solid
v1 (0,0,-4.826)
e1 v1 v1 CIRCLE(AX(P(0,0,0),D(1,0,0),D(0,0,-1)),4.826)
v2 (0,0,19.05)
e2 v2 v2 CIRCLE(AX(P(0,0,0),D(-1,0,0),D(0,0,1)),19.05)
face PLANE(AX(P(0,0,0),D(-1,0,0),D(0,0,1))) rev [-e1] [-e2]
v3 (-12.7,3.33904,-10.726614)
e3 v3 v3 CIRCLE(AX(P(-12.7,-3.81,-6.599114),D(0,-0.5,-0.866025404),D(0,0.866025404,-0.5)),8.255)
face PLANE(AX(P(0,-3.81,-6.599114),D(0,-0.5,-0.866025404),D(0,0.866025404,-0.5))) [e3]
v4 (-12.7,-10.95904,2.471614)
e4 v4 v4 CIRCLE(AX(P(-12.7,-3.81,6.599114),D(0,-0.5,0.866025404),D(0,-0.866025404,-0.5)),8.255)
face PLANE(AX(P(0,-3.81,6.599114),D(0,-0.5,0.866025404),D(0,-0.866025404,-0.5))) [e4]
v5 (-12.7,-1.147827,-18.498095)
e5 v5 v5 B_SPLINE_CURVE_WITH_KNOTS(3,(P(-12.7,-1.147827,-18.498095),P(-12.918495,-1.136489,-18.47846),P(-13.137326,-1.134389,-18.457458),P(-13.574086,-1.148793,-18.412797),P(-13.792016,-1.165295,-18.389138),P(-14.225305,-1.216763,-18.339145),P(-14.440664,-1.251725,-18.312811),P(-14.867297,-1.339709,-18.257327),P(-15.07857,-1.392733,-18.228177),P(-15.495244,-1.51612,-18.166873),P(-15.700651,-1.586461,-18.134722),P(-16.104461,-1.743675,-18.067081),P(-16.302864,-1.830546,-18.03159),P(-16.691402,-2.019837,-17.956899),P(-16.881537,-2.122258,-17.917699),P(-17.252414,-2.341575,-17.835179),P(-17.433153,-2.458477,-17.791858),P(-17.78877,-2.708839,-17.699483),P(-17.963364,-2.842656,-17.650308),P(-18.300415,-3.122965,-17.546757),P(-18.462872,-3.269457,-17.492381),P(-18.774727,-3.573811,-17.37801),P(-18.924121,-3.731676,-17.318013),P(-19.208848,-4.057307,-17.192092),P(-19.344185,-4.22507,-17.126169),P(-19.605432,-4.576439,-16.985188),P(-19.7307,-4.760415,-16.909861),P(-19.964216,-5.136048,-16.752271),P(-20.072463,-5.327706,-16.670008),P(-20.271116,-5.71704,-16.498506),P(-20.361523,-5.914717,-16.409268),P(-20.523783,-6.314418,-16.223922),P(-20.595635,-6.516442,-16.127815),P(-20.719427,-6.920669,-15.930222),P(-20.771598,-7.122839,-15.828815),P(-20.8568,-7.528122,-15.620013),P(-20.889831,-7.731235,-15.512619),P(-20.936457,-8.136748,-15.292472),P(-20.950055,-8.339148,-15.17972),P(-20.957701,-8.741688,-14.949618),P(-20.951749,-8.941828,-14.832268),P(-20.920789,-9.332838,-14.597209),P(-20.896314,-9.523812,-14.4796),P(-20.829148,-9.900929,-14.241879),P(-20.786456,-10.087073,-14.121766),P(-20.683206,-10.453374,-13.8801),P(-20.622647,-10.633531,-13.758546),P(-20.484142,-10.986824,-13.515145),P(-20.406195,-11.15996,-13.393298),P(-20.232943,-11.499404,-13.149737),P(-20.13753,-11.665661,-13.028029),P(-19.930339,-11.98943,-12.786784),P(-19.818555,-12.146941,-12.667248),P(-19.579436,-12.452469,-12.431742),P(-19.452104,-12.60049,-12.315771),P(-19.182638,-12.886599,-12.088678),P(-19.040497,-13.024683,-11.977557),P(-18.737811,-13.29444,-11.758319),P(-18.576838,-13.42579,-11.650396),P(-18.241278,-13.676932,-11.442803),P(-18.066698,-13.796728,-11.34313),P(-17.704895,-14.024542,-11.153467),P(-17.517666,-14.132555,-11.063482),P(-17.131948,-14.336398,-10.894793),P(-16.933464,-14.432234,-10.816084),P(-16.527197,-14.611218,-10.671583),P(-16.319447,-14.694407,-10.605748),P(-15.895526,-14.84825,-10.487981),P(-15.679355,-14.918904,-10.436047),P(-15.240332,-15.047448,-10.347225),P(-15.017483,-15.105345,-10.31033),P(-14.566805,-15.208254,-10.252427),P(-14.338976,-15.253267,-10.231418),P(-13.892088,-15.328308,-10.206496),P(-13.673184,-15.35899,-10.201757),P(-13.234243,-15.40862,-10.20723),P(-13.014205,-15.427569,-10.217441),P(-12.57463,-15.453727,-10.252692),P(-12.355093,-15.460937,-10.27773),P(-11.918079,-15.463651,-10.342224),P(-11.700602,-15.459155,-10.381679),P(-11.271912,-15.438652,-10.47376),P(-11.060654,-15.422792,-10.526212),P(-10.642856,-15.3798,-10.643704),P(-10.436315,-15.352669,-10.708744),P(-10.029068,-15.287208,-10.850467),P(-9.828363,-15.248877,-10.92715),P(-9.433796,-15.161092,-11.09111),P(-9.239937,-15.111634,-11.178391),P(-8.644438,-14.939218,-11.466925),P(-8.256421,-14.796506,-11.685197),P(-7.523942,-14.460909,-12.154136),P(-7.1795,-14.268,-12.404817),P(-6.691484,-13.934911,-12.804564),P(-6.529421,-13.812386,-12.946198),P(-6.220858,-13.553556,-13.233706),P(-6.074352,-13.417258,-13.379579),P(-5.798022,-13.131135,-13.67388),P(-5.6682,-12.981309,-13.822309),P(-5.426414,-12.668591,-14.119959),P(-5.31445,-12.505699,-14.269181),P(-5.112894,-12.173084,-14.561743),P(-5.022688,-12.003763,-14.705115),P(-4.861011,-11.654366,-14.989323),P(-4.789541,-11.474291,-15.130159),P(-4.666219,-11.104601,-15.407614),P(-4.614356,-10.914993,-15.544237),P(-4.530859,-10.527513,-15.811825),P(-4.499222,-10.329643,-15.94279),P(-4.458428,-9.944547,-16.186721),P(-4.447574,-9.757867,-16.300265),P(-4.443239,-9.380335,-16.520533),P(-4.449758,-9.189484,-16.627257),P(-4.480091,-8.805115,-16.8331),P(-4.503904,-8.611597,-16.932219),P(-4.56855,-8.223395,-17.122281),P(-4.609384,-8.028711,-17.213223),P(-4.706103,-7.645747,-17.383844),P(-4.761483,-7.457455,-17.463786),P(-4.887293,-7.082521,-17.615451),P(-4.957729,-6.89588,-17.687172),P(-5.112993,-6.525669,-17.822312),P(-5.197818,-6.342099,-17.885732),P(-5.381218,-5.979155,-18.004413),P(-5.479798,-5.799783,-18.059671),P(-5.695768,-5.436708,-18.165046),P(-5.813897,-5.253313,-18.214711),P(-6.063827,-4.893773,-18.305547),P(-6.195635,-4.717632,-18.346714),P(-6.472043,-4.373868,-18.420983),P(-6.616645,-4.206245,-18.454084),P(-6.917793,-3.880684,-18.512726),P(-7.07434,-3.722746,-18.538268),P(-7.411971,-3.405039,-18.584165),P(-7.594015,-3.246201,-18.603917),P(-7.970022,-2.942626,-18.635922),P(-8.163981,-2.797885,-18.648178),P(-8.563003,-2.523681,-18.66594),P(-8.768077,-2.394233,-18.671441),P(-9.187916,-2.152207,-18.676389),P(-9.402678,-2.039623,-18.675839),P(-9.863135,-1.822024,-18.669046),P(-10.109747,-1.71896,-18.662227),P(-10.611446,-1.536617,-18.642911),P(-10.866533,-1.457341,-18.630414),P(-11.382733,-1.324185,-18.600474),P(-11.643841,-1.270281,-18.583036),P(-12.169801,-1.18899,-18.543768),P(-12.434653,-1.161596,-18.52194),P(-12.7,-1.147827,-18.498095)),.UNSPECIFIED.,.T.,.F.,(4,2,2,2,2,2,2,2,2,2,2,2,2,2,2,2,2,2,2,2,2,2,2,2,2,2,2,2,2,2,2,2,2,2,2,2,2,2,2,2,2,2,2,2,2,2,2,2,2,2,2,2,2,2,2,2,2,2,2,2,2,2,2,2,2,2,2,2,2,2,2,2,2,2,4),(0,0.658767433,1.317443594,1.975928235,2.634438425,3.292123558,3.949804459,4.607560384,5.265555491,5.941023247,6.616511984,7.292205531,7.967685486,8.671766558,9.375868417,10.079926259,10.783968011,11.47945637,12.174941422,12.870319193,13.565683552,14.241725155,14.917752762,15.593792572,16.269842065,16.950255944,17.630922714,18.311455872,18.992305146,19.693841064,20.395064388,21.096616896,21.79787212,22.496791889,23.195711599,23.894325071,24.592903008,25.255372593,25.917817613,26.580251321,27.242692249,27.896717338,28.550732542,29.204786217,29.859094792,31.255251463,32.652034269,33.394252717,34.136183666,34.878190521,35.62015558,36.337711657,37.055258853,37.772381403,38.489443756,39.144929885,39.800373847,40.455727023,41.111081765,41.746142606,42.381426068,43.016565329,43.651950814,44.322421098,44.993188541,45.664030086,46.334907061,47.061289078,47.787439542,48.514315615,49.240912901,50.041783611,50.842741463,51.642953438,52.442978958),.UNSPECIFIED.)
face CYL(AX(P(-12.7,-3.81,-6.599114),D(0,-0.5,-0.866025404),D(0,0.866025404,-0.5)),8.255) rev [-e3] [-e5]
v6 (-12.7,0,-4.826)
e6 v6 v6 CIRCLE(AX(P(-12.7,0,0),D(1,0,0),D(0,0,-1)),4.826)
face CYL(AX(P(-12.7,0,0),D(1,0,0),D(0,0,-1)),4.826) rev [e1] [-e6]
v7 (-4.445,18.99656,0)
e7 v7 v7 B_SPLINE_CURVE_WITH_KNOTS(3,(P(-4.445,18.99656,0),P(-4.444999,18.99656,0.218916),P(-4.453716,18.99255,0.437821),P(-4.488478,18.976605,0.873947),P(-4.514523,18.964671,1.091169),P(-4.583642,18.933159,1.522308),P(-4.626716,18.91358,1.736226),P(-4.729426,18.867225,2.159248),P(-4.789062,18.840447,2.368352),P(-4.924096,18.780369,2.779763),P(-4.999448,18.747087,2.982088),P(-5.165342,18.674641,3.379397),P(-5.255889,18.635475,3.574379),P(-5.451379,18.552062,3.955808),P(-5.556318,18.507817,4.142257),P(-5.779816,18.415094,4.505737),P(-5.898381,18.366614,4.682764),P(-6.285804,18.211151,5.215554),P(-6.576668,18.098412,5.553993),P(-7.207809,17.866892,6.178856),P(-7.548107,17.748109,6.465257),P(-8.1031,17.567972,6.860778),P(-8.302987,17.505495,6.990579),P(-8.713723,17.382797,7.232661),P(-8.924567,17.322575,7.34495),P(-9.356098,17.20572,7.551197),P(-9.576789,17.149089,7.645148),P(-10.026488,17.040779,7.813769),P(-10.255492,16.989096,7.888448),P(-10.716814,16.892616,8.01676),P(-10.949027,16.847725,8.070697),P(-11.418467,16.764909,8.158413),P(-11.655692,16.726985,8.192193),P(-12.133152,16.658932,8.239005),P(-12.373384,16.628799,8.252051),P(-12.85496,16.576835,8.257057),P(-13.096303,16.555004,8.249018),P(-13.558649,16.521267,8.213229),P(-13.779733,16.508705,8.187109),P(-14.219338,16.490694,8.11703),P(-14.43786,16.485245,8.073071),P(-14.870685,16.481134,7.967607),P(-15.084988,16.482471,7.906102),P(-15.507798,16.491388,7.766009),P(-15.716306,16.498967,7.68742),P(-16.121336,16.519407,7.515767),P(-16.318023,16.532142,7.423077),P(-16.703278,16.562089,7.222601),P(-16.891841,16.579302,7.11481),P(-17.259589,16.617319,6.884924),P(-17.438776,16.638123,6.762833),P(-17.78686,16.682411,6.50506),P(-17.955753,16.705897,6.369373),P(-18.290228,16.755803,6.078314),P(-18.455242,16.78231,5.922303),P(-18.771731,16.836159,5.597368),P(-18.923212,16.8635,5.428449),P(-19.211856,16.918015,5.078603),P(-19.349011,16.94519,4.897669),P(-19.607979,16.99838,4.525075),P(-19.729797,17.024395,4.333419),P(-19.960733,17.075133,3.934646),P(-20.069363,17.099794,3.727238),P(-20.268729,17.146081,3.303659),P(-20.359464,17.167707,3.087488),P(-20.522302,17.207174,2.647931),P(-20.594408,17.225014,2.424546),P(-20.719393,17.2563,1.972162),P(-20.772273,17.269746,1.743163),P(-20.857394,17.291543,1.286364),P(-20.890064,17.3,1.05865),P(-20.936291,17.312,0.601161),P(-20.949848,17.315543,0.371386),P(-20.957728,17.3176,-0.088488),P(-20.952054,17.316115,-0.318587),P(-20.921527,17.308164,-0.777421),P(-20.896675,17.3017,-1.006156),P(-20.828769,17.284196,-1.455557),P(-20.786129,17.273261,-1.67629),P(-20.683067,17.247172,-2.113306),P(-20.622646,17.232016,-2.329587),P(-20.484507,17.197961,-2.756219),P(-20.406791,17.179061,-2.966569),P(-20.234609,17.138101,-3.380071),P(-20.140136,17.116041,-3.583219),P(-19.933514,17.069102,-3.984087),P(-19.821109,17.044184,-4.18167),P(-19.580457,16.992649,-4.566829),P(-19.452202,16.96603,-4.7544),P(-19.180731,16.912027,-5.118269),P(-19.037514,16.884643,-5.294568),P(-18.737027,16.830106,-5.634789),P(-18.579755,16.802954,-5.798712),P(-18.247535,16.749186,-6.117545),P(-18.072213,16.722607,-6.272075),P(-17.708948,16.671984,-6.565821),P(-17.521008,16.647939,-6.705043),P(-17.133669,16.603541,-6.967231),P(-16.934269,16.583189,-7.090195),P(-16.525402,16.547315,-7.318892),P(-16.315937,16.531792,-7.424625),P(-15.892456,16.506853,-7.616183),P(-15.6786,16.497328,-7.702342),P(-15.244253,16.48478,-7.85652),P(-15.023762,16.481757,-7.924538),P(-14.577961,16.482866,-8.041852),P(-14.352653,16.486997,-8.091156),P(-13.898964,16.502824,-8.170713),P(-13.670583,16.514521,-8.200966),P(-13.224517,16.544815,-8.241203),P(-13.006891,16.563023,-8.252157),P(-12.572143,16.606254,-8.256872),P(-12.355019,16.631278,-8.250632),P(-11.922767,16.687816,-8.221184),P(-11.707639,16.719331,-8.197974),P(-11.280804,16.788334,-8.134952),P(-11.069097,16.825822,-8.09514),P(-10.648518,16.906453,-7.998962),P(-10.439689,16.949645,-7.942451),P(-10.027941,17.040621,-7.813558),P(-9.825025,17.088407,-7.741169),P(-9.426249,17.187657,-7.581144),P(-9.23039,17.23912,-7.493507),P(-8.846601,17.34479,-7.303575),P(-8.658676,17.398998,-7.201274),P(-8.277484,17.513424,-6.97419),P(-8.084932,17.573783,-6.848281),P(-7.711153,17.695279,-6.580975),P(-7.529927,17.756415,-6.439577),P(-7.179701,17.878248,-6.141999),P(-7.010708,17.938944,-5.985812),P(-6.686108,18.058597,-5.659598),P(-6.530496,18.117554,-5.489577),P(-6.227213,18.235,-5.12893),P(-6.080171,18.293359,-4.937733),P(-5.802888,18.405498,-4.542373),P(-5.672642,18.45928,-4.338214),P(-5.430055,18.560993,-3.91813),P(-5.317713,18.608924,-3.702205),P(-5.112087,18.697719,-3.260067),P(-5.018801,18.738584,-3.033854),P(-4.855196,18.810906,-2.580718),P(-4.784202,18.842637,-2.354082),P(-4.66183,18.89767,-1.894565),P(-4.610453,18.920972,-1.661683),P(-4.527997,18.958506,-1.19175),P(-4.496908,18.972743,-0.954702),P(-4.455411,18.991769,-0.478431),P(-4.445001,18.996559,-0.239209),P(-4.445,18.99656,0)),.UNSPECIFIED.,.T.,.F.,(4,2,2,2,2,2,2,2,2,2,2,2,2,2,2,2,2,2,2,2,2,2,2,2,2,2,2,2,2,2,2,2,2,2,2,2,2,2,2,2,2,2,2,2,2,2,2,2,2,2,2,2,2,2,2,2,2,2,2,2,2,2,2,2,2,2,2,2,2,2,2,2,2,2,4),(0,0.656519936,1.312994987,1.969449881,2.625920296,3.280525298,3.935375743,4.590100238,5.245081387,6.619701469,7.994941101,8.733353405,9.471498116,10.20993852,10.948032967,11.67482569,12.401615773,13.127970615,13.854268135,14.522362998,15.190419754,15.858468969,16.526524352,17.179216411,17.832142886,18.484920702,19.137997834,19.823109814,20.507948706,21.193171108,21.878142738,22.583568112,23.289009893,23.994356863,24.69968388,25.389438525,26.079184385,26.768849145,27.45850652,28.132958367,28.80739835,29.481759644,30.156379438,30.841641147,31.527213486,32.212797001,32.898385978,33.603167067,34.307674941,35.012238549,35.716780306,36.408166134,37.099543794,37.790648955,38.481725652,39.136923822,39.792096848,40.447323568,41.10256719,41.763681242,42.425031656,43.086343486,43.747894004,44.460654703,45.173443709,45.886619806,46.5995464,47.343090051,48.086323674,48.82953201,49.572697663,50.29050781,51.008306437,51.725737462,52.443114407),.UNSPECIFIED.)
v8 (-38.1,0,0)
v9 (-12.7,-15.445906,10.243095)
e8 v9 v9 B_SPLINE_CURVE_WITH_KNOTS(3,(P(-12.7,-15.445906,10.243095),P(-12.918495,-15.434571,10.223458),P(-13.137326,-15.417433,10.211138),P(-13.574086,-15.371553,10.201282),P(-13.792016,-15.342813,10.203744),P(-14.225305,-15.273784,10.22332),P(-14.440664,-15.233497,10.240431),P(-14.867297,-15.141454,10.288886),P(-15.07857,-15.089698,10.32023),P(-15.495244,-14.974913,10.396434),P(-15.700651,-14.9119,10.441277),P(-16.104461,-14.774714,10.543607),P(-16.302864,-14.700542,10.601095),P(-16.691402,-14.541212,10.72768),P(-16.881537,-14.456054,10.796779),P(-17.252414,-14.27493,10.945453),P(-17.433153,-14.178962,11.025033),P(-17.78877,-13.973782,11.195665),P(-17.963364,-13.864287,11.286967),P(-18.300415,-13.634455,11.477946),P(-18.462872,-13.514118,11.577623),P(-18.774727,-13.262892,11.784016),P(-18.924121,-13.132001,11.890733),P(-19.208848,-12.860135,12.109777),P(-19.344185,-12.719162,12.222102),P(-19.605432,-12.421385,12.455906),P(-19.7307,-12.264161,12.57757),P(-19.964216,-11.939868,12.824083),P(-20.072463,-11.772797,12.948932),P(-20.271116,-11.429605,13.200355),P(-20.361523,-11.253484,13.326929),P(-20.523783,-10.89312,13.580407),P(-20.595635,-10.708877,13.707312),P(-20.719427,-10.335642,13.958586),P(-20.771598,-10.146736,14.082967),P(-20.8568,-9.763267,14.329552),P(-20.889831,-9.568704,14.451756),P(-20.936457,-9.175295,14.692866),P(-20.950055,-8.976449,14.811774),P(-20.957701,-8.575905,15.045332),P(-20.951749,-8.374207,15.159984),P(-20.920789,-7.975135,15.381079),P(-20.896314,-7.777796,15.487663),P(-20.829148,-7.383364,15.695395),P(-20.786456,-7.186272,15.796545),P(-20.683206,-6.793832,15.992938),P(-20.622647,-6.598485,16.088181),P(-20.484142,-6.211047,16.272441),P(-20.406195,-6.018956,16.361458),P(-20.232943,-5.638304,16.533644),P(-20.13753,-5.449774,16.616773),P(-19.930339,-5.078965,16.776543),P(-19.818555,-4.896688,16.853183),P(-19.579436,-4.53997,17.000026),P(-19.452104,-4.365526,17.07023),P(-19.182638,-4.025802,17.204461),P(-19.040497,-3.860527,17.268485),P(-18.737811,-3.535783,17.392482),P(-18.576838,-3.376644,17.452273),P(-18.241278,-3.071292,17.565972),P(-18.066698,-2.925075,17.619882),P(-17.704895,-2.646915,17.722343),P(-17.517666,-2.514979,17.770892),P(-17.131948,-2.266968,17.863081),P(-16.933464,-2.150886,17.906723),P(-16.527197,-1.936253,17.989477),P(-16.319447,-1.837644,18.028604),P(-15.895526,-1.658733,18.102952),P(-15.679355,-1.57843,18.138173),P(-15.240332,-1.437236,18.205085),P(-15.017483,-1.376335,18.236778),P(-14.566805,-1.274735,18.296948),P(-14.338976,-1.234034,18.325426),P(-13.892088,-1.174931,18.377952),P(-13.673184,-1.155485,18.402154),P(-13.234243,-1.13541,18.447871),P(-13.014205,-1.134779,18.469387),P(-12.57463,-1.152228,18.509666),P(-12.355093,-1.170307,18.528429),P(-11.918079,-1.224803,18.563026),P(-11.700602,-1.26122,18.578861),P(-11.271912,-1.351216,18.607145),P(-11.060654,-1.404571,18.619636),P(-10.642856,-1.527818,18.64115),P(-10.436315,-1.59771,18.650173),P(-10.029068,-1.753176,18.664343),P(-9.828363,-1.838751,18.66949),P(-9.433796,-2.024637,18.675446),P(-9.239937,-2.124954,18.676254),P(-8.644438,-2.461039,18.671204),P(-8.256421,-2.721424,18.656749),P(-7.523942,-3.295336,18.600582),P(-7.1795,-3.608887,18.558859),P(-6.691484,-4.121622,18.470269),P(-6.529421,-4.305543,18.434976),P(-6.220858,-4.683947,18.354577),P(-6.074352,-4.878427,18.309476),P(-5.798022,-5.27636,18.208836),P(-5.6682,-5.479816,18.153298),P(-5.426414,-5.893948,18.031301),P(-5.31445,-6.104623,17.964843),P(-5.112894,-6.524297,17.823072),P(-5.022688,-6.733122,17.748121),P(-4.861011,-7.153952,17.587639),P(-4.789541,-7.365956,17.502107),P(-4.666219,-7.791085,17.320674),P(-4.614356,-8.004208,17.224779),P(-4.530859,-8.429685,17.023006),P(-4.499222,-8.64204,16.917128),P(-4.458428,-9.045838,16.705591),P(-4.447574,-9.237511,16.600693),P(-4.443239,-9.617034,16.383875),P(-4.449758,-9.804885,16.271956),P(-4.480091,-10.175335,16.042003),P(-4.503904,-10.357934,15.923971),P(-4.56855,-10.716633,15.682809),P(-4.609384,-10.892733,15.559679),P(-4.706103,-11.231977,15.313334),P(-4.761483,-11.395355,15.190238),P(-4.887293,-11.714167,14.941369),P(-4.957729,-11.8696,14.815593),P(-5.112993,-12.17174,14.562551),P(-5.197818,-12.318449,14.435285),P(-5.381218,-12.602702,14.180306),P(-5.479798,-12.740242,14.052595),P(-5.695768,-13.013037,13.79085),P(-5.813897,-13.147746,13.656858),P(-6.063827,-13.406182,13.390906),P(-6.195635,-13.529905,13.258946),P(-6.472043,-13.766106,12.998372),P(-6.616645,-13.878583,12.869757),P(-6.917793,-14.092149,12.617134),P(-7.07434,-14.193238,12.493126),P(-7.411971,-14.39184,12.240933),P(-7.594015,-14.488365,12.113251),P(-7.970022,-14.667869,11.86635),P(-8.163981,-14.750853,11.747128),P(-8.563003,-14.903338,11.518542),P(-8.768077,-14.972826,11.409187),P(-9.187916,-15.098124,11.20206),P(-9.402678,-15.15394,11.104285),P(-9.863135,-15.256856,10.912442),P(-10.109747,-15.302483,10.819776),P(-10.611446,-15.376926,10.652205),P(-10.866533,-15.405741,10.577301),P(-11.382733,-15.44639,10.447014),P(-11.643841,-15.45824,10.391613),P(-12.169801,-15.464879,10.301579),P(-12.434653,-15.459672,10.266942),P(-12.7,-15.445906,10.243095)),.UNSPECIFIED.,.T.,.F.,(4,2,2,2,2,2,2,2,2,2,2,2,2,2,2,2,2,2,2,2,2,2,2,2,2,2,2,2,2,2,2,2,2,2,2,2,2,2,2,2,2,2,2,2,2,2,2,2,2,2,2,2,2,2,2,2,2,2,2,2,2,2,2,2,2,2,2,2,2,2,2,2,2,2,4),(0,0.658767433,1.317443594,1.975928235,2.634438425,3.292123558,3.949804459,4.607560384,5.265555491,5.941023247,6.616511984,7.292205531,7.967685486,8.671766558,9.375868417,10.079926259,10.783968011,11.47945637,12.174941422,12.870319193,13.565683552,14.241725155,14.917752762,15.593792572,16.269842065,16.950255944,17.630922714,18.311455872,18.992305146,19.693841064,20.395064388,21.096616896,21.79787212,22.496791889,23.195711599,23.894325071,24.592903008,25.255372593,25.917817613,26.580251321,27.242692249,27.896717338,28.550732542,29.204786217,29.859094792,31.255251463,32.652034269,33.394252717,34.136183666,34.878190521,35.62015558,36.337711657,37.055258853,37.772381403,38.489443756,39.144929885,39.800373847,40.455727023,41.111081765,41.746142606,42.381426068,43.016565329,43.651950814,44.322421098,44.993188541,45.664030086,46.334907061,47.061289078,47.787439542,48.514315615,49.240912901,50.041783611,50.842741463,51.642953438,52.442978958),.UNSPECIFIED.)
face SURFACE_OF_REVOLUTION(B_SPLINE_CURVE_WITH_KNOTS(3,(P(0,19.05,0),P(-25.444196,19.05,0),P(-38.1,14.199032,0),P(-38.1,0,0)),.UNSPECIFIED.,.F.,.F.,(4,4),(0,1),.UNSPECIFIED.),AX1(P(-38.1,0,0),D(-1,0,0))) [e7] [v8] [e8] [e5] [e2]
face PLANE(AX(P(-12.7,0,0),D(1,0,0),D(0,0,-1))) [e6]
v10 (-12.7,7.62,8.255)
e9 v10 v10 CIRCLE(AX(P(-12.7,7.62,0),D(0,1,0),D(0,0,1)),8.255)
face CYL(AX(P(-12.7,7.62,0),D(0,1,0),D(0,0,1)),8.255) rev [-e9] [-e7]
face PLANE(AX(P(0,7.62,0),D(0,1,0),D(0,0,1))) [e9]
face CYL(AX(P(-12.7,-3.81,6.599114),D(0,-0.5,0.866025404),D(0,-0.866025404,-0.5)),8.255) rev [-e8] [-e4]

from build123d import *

# Parameters (mm, degrees)
SKETCH2_R          = 8.255
CUT_EXTRUDE1_DEPTH = 11.43
CIRPATTERN3_COUNT  = 3
SKETCH3_R          = 4.826
CUT_EXTRUDE2_DEPTH = 12.7


with BuildPart() as part:
    # Sketch1 → Revolve1 (revolve)
    with BuildSketch(Plane.XY):
        with BuildLine():
            Line((0, 0), (0, 19.05))
            add(Edge.make_bspline(
                [(-38.1, 0), (-38.1, 14.199031657), (-25.444195721, 19.05), (0, 19.05)],
                knots=[0, 0, 0, 0, 1, 1, 1, 1], degree=3))
            Line((-38.1, 0), (0, 0))
        make_face()
    revolve(axis=Axis((-38.1, 0, 0), (1, 0, 0)))

    # Sketch2 → Cut-Extrude1 (cut)
    with BuildSketch(Plane(origin=(0, 19.05, 0), x_dir=(1, 0, 0), z_dir=(0, 1, 0))):
        with Locations(Location((-12.7, 0, 0), (0, 0, 270))):
            Circle(SKETCH2_R)
    cut_extrude1 = extrude(amount=-CUT_EXTRUDE1_DEPTH, mode=Mode.SUBTRACT)

    # CirPattern3: Cut-Extrude1 ×3 about axis
    cirpattern3_axis = Axis((0, 0, 0), (1, 0, 0))
    for i in range(1, CIRPATTERN3_COUNT):
        add(cut_extrude1.rotate(cirpattern3_axis, i * 360 / CIRPATTERN3_COUNT), mode=Mode.SUBTRACT)

    # Sketch3 → Cut-Extrude2 (cut)
    with BuildSketch(Plane(origin=(0, 0, 0), x_dir=(0, 0, -1), z_dir=(1, 0, 0))):
        Circle(SKETCH3_R)
    extrude(amount=-CUT_EXTRUDE2_DEPTH, mode=Mode.SUBTRACT)


solid = part.part
